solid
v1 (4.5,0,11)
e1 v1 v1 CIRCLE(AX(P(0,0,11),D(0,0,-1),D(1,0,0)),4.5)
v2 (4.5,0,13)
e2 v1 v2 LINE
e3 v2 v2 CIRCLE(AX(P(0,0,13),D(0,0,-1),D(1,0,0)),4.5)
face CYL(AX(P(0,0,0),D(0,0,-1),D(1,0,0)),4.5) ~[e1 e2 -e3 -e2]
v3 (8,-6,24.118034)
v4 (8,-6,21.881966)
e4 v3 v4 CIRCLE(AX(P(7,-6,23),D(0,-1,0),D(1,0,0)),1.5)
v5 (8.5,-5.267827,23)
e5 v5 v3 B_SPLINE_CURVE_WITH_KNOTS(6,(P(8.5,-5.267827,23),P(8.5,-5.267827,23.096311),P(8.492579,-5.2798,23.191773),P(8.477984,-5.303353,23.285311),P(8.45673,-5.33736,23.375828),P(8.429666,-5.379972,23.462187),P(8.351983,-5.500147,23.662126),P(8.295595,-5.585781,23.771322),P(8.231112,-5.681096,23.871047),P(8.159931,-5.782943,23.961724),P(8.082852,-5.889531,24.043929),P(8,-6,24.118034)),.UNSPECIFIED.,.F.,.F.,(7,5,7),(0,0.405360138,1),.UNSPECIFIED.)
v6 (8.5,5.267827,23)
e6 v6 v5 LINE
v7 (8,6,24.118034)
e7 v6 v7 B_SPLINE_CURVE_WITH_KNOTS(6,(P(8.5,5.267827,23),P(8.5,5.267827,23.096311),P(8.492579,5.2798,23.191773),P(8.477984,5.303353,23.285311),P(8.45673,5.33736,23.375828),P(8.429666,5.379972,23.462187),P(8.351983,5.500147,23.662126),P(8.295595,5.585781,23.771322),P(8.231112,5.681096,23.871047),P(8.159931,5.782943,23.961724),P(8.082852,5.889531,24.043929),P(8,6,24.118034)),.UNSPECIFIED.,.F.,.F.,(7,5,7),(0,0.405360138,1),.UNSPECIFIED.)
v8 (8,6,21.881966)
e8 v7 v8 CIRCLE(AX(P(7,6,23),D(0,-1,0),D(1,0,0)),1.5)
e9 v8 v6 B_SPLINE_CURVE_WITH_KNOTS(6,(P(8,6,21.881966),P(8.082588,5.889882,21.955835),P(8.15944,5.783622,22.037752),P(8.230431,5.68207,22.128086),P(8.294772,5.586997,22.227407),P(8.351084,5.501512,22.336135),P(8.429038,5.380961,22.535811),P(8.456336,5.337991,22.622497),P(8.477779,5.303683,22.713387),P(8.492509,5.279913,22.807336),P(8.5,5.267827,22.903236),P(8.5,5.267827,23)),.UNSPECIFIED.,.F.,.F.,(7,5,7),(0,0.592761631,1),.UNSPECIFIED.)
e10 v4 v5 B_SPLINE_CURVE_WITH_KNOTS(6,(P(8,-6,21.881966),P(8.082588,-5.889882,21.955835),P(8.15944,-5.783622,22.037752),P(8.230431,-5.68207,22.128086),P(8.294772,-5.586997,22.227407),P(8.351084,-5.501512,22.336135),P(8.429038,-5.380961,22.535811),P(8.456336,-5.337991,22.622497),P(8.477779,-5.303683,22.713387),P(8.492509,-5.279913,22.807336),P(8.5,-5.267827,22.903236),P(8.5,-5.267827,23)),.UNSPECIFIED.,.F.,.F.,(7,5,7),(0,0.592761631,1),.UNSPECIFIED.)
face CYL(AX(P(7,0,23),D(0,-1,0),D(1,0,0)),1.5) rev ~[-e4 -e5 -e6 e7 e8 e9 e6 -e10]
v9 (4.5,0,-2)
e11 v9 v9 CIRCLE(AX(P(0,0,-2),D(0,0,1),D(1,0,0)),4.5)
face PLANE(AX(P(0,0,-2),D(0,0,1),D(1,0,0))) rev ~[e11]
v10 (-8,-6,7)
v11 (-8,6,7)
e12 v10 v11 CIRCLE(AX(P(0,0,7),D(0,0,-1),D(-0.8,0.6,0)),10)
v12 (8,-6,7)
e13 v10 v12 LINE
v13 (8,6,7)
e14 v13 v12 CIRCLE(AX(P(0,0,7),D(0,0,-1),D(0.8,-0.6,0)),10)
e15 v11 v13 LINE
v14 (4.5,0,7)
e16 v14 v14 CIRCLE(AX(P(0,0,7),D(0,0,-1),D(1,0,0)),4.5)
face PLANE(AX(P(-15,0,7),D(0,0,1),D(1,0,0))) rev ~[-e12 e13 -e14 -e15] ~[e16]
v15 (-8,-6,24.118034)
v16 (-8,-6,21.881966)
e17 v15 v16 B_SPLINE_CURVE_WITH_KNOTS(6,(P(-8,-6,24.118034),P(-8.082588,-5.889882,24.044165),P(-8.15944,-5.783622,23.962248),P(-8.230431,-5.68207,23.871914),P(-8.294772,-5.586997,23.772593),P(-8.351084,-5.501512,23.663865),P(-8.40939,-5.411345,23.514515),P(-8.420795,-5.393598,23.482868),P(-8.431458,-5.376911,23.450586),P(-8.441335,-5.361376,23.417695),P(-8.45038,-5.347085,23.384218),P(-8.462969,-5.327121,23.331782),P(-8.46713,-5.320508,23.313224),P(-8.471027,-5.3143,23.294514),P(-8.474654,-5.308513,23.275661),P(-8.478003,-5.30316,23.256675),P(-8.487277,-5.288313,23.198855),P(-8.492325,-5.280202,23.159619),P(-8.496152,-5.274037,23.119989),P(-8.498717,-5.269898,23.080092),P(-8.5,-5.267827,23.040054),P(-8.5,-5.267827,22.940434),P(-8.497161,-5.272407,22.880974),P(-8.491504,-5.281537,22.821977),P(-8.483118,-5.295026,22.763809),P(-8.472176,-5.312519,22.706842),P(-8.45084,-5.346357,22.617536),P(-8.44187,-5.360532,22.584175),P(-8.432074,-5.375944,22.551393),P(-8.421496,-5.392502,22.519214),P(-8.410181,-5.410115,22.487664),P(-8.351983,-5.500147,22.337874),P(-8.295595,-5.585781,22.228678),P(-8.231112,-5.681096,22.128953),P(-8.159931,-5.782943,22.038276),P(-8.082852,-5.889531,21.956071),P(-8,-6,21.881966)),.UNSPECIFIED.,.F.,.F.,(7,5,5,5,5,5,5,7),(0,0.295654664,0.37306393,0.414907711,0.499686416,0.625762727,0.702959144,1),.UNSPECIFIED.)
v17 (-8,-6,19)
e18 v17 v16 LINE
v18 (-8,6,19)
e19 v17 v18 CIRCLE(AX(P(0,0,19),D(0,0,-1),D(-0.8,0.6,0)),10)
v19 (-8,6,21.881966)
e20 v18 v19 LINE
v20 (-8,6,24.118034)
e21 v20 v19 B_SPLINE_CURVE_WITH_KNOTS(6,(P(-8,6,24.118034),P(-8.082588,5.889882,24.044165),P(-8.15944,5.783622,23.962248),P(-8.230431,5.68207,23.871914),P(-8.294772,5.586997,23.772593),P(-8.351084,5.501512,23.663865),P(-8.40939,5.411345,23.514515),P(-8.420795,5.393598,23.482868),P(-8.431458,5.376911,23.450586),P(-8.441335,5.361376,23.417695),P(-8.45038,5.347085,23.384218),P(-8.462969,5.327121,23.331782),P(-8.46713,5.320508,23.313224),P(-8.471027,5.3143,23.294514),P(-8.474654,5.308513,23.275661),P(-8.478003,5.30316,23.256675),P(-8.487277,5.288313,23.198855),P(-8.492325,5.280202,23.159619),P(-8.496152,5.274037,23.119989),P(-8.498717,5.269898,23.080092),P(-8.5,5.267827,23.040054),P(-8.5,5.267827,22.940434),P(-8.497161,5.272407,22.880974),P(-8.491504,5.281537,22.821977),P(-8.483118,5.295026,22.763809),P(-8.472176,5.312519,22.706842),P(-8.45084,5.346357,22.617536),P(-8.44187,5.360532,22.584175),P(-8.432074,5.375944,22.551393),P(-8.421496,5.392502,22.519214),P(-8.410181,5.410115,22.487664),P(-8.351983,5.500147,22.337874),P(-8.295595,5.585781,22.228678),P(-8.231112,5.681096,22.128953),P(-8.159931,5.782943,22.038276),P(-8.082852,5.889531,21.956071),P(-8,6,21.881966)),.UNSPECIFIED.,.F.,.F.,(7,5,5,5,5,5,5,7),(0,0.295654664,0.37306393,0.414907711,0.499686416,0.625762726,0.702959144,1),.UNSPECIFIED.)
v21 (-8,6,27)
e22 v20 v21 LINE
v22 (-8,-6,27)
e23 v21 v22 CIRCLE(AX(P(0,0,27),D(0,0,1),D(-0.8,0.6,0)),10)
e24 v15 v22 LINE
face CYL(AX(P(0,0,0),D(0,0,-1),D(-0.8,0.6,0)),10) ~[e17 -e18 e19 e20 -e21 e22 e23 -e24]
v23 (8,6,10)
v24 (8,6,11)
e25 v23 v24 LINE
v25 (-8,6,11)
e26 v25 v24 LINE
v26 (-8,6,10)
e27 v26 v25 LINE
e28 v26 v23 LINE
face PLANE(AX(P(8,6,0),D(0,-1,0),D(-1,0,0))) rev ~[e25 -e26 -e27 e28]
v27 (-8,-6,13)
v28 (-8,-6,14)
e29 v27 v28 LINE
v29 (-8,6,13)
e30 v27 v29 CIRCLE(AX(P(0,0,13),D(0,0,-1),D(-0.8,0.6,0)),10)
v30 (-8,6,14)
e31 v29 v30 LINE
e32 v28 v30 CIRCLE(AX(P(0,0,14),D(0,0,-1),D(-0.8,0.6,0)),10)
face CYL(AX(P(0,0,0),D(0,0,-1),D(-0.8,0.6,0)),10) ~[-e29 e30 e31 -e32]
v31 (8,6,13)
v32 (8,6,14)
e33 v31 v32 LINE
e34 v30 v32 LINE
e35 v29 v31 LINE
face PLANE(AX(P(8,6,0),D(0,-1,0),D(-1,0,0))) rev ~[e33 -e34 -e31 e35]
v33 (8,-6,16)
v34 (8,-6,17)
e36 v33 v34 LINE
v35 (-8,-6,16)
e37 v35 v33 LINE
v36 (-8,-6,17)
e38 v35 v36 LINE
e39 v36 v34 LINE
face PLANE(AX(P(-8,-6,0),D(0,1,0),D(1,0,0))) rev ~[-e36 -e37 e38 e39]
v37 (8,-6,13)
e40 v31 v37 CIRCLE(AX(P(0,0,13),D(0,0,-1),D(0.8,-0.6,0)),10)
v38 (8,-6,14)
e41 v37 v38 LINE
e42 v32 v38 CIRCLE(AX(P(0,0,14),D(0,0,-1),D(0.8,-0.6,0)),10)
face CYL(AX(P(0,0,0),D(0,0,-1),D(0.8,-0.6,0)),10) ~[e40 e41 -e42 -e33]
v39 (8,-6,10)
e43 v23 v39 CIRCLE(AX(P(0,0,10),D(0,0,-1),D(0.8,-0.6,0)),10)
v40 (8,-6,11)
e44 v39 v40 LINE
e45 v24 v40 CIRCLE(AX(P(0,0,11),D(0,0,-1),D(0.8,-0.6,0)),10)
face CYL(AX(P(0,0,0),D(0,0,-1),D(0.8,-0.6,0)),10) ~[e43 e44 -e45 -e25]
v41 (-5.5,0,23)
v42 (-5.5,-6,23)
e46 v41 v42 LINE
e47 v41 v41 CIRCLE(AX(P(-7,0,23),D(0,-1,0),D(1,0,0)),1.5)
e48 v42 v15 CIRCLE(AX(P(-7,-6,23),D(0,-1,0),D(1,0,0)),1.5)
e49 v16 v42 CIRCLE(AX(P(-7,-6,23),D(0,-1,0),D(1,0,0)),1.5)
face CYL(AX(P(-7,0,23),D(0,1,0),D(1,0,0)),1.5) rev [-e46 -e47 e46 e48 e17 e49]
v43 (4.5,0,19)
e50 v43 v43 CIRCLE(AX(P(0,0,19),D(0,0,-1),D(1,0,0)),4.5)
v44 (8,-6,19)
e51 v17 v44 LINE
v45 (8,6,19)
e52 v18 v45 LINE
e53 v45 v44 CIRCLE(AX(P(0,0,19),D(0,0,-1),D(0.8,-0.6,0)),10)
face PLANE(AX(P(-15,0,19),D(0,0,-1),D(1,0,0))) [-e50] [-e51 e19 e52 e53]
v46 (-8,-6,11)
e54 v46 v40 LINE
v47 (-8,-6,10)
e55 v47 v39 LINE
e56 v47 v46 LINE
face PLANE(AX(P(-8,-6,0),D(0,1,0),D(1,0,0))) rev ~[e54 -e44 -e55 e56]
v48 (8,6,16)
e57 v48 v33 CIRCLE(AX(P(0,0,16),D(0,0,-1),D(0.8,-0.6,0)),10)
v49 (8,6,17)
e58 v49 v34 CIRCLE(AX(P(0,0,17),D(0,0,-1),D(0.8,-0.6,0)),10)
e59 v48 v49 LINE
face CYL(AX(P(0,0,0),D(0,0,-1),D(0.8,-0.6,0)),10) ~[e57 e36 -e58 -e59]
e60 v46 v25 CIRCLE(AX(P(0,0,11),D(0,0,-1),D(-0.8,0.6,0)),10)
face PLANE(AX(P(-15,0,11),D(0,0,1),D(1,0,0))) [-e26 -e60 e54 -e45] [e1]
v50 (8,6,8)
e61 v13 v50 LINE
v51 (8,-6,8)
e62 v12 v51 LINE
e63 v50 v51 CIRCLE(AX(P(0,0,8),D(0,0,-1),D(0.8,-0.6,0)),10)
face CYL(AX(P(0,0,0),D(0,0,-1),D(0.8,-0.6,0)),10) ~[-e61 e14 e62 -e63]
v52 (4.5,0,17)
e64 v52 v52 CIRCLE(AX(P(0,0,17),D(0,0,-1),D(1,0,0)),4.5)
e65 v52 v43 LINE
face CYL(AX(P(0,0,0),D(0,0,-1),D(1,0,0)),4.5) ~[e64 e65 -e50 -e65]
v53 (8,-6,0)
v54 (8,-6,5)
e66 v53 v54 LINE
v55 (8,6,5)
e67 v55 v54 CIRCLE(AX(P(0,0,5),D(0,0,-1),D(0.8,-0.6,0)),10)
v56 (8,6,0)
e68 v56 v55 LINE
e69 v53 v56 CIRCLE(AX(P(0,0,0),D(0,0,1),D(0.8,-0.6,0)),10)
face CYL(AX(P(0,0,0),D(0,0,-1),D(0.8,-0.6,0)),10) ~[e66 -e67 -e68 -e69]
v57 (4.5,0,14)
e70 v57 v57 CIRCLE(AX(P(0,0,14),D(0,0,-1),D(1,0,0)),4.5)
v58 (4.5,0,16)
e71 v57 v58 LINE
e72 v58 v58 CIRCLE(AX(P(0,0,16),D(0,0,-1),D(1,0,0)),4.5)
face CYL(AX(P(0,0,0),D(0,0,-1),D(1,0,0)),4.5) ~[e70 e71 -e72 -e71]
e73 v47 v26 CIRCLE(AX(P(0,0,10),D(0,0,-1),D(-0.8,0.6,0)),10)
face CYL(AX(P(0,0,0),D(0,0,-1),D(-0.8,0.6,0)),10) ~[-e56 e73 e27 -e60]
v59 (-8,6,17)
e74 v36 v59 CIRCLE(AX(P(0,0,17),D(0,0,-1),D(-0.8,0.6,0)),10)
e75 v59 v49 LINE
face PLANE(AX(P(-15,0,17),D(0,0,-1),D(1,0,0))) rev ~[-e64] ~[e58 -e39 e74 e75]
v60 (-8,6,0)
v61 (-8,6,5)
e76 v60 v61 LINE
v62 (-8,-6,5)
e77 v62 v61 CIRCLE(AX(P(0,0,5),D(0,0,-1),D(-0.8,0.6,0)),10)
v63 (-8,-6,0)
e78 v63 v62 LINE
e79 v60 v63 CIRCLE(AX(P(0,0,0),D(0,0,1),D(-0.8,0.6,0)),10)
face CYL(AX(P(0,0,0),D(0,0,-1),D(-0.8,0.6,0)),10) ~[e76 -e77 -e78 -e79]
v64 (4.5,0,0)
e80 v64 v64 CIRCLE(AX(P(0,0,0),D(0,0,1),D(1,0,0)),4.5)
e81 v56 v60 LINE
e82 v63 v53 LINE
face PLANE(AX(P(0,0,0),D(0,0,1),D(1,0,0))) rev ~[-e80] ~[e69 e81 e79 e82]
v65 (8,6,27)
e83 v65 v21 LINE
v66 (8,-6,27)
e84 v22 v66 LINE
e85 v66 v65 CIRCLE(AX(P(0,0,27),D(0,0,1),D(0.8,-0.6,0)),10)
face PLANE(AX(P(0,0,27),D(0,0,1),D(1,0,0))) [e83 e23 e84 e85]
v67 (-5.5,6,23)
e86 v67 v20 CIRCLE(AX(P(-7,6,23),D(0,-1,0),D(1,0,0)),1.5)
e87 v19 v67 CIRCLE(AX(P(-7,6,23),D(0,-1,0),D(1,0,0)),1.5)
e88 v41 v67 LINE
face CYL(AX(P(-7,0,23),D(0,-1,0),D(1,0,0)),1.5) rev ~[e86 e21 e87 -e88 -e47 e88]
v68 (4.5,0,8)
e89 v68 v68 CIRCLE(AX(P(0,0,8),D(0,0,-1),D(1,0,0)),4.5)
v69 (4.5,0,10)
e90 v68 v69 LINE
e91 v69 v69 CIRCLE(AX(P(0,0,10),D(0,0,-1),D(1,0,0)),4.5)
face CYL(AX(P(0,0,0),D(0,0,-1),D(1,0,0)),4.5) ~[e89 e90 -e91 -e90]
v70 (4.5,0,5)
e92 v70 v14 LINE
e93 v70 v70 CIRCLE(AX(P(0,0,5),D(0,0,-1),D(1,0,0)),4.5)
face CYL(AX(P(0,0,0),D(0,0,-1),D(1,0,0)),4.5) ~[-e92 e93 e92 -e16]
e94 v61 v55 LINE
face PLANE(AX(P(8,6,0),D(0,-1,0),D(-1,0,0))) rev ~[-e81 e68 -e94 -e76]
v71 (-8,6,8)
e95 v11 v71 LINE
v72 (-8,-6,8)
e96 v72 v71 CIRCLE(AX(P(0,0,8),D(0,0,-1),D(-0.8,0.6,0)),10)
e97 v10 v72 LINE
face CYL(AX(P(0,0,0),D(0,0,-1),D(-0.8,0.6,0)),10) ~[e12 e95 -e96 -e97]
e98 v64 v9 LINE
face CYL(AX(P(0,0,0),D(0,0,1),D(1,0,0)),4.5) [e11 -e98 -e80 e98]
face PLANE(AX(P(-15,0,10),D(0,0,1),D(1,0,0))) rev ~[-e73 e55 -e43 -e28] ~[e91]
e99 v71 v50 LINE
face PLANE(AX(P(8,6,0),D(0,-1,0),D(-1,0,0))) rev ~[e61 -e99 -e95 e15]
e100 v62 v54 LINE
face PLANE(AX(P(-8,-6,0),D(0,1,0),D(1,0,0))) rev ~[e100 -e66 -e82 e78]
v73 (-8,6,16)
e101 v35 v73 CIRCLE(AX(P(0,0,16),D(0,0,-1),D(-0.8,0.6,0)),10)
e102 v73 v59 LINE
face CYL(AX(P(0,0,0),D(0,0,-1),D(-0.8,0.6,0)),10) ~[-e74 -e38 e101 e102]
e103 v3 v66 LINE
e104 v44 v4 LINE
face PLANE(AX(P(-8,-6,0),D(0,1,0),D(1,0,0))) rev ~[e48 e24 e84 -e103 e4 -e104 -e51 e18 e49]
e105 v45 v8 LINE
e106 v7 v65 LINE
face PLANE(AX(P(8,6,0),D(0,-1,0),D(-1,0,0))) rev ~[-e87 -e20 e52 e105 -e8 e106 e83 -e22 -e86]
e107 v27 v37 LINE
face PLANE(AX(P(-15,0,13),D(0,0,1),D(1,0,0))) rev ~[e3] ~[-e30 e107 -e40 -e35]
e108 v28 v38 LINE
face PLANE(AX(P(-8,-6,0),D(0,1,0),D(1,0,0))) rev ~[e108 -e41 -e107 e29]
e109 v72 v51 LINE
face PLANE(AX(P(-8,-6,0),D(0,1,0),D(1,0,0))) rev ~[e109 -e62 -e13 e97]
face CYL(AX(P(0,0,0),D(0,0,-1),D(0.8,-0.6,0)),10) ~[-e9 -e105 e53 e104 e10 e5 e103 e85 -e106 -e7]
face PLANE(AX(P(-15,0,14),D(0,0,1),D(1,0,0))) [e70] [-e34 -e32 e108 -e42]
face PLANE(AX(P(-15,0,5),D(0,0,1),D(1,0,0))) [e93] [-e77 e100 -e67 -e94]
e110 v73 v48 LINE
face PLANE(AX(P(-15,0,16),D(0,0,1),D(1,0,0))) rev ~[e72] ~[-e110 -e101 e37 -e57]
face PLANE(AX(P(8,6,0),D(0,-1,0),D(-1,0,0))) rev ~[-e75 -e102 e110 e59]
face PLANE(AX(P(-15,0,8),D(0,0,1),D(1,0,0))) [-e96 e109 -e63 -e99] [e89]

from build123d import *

# Parameters (mm, degrees)
F1_DEPTH      = 27
F2_W          = 30
F2_H          = 2
F3_DEPTH      = 6
F4_R          = 4.5
F5_DEPTH      = 27
F5_DEPTH_BACK = 2
F6_R          = 1.5
F7_DEPTH      = 6


with BuildPart() as f1:
    # F0 (on Top) → F1 (new body)
    with BuildSketch(Plane.XY):
        with BuildLine():
            Line((-8, -6), (8, -6))
            ThreePointArc((8, -6), (10, 0), (8, 6))
            Line((8, 6), (-8, 6))
            ThreePointArc((-8, 6), (-10, 0), (-8, -6))
        make_face()
    extrude(amount=F1_DEPTH)

    # F2 (on Front) → F3 (cut, symmetric)
    with BuildSketch(Plane.XZ):
        with Locations((0, 6)):
            Rectangle(F2_W, F2_H)
        with Locations((0, 9)):
            Rectangle(F2_W, F2_H)
        with Locations((0, 12)):
            Rectangle(F2_W, F2_H)
        with Locations((0, 15)):
            Rectangle(F2_W, F2_H)
        with Locations((0, 18)):
            Rectangle(F2_W, F2_H)
    extrude(amount=F3_DEPTH, both=True, mode=Mode.SUBTRACT)

    # F4 (on Top) → F5 (join, two sides)
    with BuildSketch(Plane.XY) as f5_sk:
        Circle(F4_R)
    extrude(amount=F5_DEPTH)
    extrude(f5_sk.sketch, amount=-F5_DEPTH_BACK)

    # F6 (on Front) → F7 (cut, symmetric)
    with BuildSketch(Plane.XZ):
        with Locations((-7, 23)):
            Circle(F6_R)
        with Locations((7, 23)):
            Circle(F6_R)
    extrude(amount=F7_DEPTH, both=True, mode=Mode.SUBTRACT)


solid = f1.part
